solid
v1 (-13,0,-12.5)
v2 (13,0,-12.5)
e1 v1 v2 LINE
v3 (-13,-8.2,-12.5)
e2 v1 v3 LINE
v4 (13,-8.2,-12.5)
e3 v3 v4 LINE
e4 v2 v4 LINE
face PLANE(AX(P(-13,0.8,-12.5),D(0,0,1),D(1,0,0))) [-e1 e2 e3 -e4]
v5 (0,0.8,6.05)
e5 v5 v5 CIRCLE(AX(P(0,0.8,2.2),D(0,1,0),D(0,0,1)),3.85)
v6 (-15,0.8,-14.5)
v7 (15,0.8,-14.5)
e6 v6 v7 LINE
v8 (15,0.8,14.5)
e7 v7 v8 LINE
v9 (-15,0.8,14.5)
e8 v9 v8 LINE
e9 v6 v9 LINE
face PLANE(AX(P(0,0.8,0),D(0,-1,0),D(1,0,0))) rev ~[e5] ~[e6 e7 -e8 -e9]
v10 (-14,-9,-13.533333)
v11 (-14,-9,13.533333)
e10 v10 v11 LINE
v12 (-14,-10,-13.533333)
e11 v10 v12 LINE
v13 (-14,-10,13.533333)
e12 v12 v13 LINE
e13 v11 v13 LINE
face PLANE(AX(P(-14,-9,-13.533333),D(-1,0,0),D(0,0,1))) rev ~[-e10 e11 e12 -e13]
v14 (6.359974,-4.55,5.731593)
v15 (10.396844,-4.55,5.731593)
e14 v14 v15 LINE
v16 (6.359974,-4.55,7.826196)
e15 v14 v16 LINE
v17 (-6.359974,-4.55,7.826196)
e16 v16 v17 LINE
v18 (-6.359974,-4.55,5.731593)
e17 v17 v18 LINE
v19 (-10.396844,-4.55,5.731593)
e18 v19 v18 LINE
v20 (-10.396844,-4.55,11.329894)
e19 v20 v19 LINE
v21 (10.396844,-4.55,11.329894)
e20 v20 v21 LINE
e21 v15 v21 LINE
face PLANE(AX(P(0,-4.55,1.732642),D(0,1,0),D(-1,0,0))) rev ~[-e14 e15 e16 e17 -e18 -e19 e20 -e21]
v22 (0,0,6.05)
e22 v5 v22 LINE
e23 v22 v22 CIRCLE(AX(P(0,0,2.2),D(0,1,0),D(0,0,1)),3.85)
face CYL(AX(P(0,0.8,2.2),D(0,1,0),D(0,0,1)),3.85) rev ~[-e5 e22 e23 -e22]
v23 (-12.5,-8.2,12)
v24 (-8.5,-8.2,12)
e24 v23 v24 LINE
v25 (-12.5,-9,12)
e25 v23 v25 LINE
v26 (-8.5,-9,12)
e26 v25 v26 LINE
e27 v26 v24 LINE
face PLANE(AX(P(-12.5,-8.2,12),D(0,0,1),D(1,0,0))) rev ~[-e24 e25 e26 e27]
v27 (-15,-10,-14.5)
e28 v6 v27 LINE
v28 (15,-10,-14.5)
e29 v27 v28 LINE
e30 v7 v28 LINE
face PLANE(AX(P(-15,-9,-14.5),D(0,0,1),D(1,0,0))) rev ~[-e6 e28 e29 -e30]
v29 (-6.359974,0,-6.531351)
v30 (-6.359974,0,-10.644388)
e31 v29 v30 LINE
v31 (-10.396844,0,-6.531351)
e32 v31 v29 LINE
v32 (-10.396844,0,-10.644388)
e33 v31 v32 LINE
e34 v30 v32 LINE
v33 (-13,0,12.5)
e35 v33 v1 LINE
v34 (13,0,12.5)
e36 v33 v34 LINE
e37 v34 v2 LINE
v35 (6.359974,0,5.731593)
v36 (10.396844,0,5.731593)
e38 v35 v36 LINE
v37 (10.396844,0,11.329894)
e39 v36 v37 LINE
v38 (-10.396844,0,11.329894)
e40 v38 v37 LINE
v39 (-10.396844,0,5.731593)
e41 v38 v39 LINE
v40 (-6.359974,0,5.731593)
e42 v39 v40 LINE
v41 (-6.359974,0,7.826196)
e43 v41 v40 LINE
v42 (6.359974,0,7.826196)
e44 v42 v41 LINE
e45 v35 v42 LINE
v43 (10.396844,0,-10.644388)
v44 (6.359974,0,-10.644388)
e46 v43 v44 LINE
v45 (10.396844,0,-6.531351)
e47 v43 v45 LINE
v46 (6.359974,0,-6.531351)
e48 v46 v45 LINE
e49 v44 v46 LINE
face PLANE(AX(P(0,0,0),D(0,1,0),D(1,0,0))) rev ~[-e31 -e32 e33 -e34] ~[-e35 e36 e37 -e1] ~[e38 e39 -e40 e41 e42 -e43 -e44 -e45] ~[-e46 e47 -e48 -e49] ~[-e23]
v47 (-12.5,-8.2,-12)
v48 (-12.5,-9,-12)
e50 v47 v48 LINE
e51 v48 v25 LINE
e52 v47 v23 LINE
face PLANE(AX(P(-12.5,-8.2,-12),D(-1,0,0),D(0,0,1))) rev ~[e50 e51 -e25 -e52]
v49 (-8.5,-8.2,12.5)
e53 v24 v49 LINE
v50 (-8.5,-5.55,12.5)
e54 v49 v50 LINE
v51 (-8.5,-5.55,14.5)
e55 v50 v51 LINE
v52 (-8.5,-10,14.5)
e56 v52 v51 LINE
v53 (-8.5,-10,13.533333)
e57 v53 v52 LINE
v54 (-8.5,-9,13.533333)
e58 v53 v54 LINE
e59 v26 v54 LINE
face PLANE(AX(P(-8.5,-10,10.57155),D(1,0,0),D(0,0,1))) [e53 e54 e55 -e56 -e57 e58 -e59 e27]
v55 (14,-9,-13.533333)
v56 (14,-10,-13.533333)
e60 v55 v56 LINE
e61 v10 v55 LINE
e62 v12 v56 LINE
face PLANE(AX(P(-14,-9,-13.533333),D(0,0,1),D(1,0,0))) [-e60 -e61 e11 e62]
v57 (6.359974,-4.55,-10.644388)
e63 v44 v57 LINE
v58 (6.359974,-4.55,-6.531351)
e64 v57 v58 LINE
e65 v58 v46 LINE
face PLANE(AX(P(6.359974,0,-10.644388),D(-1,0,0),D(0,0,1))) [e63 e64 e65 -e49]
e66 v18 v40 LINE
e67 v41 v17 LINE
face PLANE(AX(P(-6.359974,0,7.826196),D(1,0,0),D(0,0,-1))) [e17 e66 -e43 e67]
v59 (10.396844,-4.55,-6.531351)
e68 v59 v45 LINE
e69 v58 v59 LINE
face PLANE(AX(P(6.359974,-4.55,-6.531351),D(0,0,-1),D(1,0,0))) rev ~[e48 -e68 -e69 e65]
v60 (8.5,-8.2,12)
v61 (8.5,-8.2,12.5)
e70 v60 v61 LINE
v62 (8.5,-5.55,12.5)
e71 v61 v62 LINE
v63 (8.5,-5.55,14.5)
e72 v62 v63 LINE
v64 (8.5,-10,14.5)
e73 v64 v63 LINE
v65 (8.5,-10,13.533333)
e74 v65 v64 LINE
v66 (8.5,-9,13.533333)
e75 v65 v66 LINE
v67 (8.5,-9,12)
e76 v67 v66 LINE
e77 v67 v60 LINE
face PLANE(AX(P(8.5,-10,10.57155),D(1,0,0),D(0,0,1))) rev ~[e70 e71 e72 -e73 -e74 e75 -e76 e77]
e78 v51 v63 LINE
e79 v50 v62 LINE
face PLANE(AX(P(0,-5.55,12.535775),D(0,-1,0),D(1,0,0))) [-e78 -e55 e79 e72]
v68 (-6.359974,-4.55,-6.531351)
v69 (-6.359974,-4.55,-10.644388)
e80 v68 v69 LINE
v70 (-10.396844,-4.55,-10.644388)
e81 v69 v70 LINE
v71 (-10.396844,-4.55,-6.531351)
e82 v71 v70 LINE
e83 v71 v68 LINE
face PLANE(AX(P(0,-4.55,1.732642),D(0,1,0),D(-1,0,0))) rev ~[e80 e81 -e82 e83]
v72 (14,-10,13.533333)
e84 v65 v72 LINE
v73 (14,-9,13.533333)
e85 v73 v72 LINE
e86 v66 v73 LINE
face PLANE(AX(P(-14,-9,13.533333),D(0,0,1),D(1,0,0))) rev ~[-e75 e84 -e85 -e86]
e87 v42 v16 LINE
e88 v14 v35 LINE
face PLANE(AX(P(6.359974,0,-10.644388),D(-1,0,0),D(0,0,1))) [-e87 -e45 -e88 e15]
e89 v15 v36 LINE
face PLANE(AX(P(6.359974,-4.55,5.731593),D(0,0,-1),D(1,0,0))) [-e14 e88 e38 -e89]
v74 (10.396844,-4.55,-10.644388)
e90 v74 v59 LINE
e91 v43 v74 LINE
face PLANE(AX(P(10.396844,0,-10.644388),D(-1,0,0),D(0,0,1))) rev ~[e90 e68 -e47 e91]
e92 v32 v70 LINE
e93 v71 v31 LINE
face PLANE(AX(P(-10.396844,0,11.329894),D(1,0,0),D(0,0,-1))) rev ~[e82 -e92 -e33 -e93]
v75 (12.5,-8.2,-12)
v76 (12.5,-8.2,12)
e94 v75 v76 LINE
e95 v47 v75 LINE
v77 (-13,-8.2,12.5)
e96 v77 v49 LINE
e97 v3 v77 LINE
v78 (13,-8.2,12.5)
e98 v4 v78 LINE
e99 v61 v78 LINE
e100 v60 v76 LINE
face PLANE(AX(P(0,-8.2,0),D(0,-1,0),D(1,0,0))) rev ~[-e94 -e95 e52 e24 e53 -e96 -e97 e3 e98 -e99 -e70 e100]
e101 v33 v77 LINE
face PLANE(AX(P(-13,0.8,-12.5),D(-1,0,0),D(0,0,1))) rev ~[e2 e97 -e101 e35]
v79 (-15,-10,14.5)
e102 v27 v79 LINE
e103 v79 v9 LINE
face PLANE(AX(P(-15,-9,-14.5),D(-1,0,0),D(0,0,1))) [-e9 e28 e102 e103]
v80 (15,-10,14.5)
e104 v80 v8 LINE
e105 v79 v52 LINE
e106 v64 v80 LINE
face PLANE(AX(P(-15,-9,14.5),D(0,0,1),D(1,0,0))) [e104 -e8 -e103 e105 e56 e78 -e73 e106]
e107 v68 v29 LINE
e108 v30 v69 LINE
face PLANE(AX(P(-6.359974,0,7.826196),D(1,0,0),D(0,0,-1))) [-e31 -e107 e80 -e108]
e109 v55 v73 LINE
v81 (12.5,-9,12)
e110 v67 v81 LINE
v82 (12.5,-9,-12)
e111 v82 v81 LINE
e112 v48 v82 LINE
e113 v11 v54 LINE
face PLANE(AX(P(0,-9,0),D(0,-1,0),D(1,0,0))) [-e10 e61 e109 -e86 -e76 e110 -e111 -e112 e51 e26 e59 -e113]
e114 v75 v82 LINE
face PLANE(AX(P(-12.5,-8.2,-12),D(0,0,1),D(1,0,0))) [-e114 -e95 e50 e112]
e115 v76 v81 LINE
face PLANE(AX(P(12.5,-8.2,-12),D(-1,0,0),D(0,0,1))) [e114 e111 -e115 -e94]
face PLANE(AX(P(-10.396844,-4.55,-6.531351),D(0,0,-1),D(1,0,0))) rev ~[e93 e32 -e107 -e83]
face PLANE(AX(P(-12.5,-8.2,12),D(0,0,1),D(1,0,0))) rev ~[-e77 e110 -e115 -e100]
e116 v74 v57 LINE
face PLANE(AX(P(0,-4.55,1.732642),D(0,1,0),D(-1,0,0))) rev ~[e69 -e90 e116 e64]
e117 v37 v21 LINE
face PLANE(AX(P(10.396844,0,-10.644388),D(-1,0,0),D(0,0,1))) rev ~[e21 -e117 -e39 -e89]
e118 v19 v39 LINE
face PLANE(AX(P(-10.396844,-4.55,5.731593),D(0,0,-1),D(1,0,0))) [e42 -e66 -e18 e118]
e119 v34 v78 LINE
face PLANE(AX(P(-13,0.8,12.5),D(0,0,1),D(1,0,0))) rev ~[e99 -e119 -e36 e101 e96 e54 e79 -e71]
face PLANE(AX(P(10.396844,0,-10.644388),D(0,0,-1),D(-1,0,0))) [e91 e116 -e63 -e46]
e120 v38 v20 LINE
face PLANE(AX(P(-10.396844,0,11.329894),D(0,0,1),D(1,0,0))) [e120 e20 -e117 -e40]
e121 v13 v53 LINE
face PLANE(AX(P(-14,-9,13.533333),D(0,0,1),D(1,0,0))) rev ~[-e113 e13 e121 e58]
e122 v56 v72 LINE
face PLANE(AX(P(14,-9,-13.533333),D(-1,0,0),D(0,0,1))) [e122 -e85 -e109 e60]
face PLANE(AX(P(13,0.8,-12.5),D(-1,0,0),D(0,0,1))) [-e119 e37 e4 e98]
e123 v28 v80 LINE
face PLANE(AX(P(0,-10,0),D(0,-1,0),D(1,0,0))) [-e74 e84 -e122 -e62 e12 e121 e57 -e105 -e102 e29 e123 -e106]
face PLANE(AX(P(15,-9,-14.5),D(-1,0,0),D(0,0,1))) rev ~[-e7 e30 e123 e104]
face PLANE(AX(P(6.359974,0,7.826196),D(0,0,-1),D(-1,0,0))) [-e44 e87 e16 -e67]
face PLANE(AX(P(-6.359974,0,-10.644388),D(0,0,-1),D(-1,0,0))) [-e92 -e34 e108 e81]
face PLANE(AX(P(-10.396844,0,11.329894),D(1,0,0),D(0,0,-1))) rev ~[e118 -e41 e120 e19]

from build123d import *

# Parameters (mm, degrees)
SKETCH2_W                = 26
SKETCH2_H                = 25
BOSS_EXTRUDE1_DEPTH      = 0.8
SKETCH3_R                = 3.85
CUT_EXTRUDE1_DEPTH       = 19.05242366
BOSS_EXTRUDE2_DEPTH      = 8.2
BOSS_EXTRUDE2_DEPTH_BACK = 0.8
SKETCH4_W                = 30
SKETCH4_H                = 29
SKETCH4_W_2              = 26
SKETCH4_H_2              = 25
SKETCH5_W                = 30
SKETCH5_H                = 29
SKETCH5_W_2              = 25
SKETCH5_H_2              = 24
BOSS_EXTRUDE3_DEPTH      = 0.8
SKETCH6_W                = 30
SKETCH6_H                = 29
SKETCH6_W_2              = 28
SKETCH6_H_2              = 27.066666666
BOSS_EXTRUDE4_DEPTH      = 1
BOSS_EXTRUDE5_DEPTH      = 4.55
SKETCH8_W                = 17
SKETCH8_H                = 3.928450078
CUT_EXTRUDE2_DEPTH       = 4.45
SKETCH9_W                = 4.03686976
SKETCH9_H                = 12.262943987
CUT_EXTRUDE3_DEPTH       = 4.55


with BuildPart() as part:
    # Sketch2 → Boss-Extrude1 (new body)
    with BuildSketch(Plane(origin=(0, 0, 0), x_dir=(1, 0, 0), z_dir=(0, 1, 0))):
        Rectangle(SKETCH2_W, SKETCH2_H)
    extrude(amount=BOSS_EXTRUDE1_DEPTH)

    # Sketch3 → Cut-Extrude1 (cut, through all)
    with BuildSketch(Plane(origin=(0, 0.8, 0), x_dir=(1, 0, 0), z_dir=(0, 1, 0))):
        with Locations(Location((0, -2.2, 0), (0, 0, 270))):
            Circle(SKETCH3_R)
    extrude(amount=-CUT_EXTRUDE1_DEPTH, mode=Mode.SUBTRACT)

    # Sketch4 → Boss-Extrude2 (add, two sides: drawn at the far end of the back side and taken through both)
    with BuildSketch(Plane.XZ.offset(-BOSS_EXTRUDE2_DEPTH_BACK)):
        Rectangle(SKETCH4_W, SKETCH4_H)
        Rectangle(SKETCH4_W_2, SKETCH4_H_2, mode=Mode.SUBTRACT)
    extrude(amount=BOSS_EXTRUDE2_DEPTH + BOSS_EXTRUDE2_DEPTH_BACK)

    # Sketch5 → Boss-Extrude3 (add)
    with BuildSketch(Plane.XZ.offset(8.2)):
        Rectangle(SKETCH5_W, SKETCH5_H)
        Rectangle(SKETCH5_W_2, SKETCH5_H_2, mode=Mode.SUBTRACT)
    extrude(amount=BOSS_EXTRUDE3_DEPTH)

    # Sketch6 → Boss-Extrude4 (add)
    with BuildSketch(Plane.XZ.offset(9)):
        Rectangle(SKETCH6_W, SKETCH6_H)
        Rectangle(SKETCH6_W_2, SKETCH6_H_2, mode=Mode.SUBTRACT)
    extrude(amount=BOSS_EXTRUDE4_DEPTH)

    # Sketch7 → Boss-Extrude5 (add)
    with BuildSketch(Plane.XZ):
        Polygon((-10.396843815, 11.329893901), (10.396843815, 11.329893901), (10.396843815, 7.826195619), (10.396843815, -10.644387716), (6.359974055, -10.644387716), (6.359974055, 7.826195619), (-6.359974055, 7.826195619), (-6.359974055, -10.644387716), (-10.396843815, -10.644387716), (-10.396843815, 7.826195619), align=None)
    extrude(amount=BOSS_EXTRUDE5_DEPTH)

    # Sketch8 → Cut-Extrude2 (cut)
    with BuildSketch(Plane.XZ.offset(10)):
        with Locations((0, 12.535774961)):
            Rectangle(SKETCH8_W, SKETCH8_H)
    extrude(amount=-CUT_EXTRUDE2_DEPTH, mode=Mode.SUBTRACT)

    # Sketch9 → Cut-Extrude3 (cut)
    with BuildSketch(Plane.XZ.offset(4.55)):
        with Locations((-8.378408935, -0.399878609)):
            Rectangle(SKETCH9_W, SKETCH9_H)
        with Locations((8.378408935, -0.399878609)):
            Rectangle(SKETCH9_W, SKETCH9_H)
    extrude(amount=-CUT_EXTRUDE3_DEPTH, mode=Mode.SUBTRACT)


solid = part.part
